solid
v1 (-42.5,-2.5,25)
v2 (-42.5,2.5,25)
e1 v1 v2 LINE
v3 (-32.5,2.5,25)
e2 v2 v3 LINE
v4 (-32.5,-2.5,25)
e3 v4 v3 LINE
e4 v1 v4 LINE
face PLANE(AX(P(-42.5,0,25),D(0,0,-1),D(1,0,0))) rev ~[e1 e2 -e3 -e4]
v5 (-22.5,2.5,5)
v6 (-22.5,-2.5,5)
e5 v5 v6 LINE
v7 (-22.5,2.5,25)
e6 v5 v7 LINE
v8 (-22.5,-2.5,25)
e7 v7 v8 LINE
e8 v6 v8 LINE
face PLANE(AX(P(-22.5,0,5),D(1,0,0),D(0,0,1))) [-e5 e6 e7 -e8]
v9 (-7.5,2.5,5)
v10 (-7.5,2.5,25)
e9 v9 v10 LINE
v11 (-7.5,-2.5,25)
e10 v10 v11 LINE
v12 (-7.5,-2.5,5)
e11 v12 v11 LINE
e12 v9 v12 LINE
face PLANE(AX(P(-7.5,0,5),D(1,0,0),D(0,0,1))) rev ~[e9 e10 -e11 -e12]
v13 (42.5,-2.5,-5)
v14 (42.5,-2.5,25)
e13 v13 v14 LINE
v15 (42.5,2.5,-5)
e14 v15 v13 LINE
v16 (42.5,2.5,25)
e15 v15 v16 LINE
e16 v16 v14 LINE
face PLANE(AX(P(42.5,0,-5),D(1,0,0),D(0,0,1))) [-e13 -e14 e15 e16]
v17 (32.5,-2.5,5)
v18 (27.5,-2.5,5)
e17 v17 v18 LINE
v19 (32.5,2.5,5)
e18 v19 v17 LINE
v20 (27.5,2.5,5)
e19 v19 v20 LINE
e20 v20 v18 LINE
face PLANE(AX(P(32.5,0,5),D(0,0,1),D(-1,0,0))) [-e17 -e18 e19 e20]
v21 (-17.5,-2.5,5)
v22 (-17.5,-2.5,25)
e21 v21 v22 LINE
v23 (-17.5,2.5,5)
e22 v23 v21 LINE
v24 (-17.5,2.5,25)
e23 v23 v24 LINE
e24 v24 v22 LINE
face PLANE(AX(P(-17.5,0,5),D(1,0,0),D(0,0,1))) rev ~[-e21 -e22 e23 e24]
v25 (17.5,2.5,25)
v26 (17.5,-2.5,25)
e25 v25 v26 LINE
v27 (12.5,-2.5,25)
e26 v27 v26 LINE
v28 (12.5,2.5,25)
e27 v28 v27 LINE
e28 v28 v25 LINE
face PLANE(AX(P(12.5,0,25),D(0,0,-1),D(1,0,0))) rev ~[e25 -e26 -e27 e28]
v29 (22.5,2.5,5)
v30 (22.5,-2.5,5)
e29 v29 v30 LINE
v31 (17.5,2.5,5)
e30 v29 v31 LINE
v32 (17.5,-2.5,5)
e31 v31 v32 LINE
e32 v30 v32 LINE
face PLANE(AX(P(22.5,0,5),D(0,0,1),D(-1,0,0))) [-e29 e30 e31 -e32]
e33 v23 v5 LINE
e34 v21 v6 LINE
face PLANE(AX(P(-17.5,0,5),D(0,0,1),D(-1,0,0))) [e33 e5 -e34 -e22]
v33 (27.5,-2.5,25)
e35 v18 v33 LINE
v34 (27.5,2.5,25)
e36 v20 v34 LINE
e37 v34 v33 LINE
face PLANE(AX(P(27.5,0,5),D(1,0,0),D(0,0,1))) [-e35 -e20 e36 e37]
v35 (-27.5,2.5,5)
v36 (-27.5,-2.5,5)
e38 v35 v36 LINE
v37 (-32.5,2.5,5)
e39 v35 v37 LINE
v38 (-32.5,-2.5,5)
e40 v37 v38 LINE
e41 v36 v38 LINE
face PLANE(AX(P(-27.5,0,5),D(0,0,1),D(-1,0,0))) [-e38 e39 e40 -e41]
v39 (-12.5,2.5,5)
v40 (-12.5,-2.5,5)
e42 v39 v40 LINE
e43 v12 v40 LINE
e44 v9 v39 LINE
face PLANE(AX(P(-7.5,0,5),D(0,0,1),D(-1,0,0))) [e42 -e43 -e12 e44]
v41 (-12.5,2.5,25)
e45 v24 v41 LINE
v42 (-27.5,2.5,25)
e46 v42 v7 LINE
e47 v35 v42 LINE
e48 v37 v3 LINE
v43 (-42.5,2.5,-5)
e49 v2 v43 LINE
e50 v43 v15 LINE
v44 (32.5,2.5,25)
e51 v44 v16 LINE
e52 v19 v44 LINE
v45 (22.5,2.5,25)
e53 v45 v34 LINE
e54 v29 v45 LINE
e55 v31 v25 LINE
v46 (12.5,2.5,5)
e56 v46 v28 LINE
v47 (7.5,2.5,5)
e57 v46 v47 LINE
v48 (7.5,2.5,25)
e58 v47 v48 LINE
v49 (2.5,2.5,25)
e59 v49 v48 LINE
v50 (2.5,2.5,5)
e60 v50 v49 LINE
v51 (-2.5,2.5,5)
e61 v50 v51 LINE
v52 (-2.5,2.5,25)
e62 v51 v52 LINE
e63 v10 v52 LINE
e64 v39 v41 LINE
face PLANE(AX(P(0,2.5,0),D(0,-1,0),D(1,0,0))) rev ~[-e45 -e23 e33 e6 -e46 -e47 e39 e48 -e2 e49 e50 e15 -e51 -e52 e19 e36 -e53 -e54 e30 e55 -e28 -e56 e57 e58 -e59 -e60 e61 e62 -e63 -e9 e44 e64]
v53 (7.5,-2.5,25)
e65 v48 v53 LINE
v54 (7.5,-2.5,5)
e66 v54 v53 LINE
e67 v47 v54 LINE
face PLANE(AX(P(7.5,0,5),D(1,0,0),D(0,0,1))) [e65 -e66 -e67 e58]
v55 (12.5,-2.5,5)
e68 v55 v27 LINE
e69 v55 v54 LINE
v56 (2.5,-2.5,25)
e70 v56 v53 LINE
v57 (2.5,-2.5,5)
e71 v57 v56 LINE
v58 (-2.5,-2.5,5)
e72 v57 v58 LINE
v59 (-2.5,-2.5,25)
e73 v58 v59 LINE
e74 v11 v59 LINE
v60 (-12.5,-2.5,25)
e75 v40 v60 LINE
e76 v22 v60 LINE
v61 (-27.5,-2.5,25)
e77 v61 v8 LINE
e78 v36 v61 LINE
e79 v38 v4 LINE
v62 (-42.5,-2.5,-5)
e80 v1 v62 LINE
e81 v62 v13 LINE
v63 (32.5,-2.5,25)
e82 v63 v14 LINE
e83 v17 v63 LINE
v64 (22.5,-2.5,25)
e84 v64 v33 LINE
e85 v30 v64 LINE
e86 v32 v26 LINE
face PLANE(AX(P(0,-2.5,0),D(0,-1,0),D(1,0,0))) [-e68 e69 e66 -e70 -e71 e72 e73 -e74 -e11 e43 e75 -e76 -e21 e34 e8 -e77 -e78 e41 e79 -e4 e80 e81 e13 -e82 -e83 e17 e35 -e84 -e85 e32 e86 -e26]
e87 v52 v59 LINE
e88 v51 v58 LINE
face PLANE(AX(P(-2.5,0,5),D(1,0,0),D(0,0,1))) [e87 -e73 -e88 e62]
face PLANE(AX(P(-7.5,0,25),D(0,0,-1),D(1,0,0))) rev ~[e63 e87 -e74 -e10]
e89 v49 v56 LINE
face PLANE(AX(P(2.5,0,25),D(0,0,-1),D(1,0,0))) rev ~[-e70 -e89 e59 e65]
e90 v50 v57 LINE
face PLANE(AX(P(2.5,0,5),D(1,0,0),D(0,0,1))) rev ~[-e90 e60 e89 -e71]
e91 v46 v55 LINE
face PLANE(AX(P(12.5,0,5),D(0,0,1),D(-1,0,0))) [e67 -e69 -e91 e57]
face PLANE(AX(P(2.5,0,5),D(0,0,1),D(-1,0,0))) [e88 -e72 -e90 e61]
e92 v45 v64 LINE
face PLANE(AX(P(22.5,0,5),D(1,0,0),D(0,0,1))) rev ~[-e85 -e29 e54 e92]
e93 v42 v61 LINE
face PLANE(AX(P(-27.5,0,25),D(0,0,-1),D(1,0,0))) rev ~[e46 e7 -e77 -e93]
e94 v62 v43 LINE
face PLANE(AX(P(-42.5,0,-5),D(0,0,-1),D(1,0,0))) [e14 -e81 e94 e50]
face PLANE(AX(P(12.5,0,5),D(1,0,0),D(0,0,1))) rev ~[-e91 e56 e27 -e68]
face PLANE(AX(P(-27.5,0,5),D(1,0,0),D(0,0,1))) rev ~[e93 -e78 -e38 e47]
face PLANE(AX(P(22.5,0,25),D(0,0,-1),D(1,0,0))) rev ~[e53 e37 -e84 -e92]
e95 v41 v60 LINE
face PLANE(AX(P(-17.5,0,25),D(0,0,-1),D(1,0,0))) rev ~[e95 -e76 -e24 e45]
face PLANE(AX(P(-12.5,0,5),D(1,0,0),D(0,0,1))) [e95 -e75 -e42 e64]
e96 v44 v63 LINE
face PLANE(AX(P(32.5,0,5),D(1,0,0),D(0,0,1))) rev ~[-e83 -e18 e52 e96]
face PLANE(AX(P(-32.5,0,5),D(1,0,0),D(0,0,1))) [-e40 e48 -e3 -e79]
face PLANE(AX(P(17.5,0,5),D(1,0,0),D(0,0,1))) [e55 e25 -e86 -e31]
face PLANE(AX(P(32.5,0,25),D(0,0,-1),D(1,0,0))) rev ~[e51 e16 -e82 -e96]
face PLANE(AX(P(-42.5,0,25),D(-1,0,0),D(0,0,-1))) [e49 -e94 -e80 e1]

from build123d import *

# Parameters (mm, degrees)
F0_W     = 10
F0_H     = 20
F0_W_2   = 5
F1_DEPTH = 2.5


with BuildPart() as f1:
    # F0 (on Front) → F1 (new body, symmetric)
    with BuildSketch(Plane.XZ):
        Polygon((-42.5, -5), (42.5, -5), (42.5, 5), (32.5, 5), (27.5, 5), (22.5, 5), (17.5, 5), (12.5, 5), (7.5, 5), (2.5, 5), (-2.5, 5), (-7.5, 5), (-12.5, 5), (-17.5, 5), (-22.5, 5), (-27.5, 5), (-32.5, 5), (-42.5, 5), align=None)
        with Locations((37.5, 15)):
            Rectangle(F0_W, F0_H)
        with Locations((-37.5, 15)):
            Rectangle(F0_W, F0_H)
        with Locations((25, 15)):
            Rectangle(F0_W_2, F0_H)
        with Locations((-25, 15)):
            Rectangle(F0_W_2, F0_H)
        with Locations((15, 15)):
            Rectangle(F0_W_2, F0_H)
        with Locations((-15, 15)):
            Rectangle(F0_W_2, F0_H)
        with Locations((5, 15)):
            Rectangle(F0_W_2, F0_H)
        with Locations((-5, 15)):
            Rectangle(F0_W_2, F0_H)
    extrude(amount=F1_DEPTH, both=True)


solid = f1.part
